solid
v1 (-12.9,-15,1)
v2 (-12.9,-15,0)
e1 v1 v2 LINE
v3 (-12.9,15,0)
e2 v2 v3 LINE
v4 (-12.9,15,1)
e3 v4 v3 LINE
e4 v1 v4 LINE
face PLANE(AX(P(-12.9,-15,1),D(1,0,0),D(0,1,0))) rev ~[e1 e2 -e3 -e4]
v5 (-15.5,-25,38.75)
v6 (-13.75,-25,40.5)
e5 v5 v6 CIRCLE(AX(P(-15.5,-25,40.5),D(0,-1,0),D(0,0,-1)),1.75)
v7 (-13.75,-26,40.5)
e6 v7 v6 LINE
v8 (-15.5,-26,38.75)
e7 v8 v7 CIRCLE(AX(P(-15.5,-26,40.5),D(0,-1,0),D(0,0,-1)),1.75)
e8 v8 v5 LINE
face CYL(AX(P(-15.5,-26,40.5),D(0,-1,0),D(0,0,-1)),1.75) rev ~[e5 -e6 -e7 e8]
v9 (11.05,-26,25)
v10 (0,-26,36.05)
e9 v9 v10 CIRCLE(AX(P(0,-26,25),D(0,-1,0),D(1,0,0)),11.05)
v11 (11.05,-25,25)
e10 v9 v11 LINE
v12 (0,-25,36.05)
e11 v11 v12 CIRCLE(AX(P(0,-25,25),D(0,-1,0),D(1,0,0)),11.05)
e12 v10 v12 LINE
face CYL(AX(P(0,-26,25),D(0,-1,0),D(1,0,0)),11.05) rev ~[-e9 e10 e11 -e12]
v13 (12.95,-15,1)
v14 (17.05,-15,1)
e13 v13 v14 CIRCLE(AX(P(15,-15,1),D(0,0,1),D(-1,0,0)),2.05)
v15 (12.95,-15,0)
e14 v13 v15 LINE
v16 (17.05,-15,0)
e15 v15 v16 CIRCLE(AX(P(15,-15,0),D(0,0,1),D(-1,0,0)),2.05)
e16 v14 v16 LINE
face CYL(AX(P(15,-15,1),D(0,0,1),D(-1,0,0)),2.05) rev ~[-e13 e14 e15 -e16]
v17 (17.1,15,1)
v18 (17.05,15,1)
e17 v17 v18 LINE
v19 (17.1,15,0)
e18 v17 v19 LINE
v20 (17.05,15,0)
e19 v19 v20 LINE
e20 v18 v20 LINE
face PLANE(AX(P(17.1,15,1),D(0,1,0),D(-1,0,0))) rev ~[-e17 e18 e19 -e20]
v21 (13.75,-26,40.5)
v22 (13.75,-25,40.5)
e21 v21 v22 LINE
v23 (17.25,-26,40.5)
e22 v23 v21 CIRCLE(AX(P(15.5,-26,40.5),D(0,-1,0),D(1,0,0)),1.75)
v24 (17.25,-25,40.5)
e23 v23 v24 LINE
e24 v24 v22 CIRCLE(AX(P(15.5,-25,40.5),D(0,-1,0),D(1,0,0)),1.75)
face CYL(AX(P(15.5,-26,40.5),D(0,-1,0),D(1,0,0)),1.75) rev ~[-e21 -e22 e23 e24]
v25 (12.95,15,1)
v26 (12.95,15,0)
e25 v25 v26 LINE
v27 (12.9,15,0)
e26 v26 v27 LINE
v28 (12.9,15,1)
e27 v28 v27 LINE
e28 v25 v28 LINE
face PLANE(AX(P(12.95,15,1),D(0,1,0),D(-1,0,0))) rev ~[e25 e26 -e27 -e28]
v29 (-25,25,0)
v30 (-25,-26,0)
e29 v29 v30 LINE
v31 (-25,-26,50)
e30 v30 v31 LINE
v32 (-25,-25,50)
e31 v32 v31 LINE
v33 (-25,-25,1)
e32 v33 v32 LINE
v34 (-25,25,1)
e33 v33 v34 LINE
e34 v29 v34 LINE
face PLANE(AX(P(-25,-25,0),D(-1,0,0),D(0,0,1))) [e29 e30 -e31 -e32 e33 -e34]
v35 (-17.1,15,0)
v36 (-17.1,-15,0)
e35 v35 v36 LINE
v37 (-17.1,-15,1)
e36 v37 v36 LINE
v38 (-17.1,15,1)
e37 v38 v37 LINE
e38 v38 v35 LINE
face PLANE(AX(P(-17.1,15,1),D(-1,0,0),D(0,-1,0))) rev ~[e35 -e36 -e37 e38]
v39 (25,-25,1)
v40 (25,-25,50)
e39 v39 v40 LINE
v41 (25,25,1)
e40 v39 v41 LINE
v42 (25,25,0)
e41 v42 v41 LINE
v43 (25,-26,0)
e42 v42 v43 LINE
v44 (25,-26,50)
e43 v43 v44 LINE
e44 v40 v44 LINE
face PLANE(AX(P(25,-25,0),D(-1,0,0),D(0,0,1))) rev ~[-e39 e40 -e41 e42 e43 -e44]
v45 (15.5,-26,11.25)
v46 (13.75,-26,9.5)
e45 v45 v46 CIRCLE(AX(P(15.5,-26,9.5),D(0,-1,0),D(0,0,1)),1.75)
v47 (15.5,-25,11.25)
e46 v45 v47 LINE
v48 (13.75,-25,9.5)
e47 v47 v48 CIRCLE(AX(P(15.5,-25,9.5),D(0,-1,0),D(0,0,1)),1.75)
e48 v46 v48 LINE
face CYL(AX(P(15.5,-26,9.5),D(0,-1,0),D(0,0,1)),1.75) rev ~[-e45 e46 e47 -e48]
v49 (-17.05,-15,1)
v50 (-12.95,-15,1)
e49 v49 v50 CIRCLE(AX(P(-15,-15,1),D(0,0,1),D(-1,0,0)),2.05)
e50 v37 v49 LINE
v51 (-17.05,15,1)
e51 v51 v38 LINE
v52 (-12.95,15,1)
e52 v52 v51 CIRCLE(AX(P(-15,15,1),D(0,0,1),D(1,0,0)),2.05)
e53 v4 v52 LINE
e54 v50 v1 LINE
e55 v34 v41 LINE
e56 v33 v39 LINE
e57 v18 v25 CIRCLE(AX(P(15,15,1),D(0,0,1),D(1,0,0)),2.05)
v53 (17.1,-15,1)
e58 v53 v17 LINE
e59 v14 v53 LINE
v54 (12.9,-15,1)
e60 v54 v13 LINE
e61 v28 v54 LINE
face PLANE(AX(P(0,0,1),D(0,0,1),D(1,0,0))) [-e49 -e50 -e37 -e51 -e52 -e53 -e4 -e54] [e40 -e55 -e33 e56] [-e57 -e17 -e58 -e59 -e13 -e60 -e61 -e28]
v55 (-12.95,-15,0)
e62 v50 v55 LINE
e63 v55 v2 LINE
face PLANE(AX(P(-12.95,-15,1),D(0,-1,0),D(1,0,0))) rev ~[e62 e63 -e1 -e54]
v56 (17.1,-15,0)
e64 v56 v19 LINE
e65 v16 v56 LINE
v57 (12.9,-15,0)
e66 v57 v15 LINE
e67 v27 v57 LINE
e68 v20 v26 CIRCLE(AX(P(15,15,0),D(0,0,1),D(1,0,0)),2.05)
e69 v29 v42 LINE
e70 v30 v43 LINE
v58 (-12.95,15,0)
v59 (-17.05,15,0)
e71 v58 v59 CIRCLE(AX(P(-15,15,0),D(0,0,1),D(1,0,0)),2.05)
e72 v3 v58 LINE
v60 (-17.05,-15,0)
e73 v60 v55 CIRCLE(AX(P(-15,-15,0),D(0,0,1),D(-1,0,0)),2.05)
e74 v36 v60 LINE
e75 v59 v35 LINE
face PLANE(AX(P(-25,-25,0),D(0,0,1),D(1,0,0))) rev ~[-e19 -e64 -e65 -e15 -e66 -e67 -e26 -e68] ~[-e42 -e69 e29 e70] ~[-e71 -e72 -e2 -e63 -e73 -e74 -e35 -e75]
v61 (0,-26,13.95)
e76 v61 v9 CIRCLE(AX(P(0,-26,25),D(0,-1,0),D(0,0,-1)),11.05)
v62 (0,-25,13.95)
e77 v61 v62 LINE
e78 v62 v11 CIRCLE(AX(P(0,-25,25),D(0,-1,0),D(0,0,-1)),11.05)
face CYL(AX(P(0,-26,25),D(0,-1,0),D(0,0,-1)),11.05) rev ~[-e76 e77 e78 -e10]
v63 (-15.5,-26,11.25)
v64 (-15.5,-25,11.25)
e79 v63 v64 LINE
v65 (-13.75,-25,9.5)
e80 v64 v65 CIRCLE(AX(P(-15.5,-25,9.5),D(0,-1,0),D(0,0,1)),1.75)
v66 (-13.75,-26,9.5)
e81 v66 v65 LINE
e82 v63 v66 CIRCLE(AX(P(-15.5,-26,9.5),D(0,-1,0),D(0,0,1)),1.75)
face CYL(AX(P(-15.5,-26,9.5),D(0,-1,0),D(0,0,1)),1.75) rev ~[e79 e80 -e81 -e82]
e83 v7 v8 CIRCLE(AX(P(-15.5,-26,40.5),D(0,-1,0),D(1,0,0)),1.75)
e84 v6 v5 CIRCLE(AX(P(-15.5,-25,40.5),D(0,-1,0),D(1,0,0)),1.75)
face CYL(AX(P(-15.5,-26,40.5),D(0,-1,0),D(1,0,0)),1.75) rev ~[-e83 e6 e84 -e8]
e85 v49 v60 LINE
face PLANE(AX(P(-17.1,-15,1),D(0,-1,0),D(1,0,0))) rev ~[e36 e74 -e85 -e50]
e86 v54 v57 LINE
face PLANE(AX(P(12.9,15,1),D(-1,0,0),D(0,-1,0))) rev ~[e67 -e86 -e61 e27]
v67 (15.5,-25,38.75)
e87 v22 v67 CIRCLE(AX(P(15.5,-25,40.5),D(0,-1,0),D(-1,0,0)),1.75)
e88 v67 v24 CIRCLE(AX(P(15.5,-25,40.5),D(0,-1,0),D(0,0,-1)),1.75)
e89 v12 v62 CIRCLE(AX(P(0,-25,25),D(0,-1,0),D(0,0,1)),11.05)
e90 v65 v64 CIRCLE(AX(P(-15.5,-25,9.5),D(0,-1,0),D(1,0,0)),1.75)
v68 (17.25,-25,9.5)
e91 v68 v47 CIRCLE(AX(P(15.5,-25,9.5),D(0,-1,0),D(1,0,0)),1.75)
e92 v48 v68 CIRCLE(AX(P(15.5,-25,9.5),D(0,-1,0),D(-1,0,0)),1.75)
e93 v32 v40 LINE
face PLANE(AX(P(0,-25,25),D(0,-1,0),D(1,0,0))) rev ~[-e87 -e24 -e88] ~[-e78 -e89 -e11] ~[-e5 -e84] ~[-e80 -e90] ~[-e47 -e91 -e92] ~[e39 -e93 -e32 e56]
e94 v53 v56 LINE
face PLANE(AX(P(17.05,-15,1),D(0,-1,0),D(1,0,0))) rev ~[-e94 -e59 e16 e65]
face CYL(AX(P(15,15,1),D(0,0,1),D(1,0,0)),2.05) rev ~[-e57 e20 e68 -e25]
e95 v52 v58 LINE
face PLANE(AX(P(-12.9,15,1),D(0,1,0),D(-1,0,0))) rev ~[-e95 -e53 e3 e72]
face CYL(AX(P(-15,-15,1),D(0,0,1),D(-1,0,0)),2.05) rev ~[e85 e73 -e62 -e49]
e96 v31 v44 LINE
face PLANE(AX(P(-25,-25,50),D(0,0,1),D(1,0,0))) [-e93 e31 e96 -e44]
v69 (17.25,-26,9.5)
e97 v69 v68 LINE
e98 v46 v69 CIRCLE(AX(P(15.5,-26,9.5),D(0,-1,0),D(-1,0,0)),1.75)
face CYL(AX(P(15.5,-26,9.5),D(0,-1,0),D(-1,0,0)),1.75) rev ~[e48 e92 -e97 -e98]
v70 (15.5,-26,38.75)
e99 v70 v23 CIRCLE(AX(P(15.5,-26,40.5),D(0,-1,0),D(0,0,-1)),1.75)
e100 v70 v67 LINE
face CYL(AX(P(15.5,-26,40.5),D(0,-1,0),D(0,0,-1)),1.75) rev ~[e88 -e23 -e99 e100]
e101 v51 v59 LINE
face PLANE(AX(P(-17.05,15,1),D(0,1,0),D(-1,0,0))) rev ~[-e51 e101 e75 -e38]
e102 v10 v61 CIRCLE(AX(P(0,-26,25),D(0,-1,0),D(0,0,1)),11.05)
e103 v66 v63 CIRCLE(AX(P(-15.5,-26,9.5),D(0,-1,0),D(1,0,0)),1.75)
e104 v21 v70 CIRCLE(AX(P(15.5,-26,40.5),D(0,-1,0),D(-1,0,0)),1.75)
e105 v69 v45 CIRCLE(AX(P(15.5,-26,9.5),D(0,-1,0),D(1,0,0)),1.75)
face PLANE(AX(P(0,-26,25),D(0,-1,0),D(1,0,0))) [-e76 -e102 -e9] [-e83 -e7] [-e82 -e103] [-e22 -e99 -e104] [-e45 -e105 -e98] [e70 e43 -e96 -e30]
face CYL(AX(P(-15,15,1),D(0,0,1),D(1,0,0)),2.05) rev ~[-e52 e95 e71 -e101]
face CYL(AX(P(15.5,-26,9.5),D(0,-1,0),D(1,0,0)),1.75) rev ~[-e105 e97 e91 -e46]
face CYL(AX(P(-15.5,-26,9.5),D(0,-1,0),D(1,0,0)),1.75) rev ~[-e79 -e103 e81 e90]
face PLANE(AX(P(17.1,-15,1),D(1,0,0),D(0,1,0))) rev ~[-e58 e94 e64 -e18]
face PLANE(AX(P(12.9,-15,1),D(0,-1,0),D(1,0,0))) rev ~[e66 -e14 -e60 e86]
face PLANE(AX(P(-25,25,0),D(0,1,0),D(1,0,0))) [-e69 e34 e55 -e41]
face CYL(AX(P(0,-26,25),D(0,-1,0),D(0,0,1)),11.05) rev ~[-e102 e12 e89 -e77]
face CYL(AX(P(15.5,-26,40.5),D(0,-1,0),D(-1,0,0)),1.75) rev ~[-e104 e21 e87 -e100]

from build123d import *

# Parameters (mm, degrees)
F0_W     = 50
F0_H     = 50
F1_DEPTH = 1
F2_W     = 50
F2_H     = 50
F3_DEPTH = 1
F5_DEPTH = 1
F7_DEPTH = 1


with BuildPart() as f1:
    # F0 (on Top) → F1 (new body)
    with BuildSketch(Plane.XY):
        Rectangle(F0_W, F0_H)
    extrude(amount=F1_DEPTH)

    # F2 (on face) → F3 (join)
    with BuildSketch(Plane.XZ.offset(25)):
        with Locations((0, 25)):
            Rectangle(F2_W, F2_H)
    extrude(amount=F3_DEPTH)

    # F4 (on face) → F5 (cut)
    with BuildSketch(Plane.XZ.offset(26)):
        with BuildLine():
            Line((15.5, 40.5), (13.75, 40.5))
            ThreePointArc((13.75, 40.5), (14.2625631329, 39.2625631329), (15.5, 38.75))
            Line((15.5, 38.75), (15.5, 40.5))
        make_face()
        with BuildLine():
            ThreePointArc((17.25, 40.5), (15.5, 42.25), (13.75, 40.5))
            Line((13.75, 40.5), (15.5, 40.5))
            Line((15.5, 40.5), (15.5, 38.75))
            ThreePointArc((15.5, 38.75), (16.7374368671, 39.2625631329), (17.25, 40.5))
        make_face()
        with BuildLine():
            ThreePointArc((-15.5, 38.75), (-14.2625631329, 39.2625631329), (-13.75, 40.5))
            Line((-13.75, 40.5), (-15.5, 40.5))
            Line((-15.5, 40.5), (-15.5, 38.75))
        make_face()
        with BuildLine():
            Line((-15.5, 40.5), (-13.75, 40.5))
            ThreePointArc((-13.75, 40.5), (-16.7374368671, 41.7374368671), (-15.5, 38.75))
            Line((-15.5, 38.75), (-15.5, 40.5))
        make_face()
        with BuildLine():
            Line((15.5, 9.5), (15.5, 11.25))
            ThreePointArc((15.5, 11.25), (14.2625631329, 10.7374368671), (13.75, 9.5))
            Line((13.75, 9.5), (15.5, 9.5))
        make_face()
        with BuildLine():
            ThreePointArc((17.25, 9.5), (16.7374368671, 10.7374368671), (15.5, 11.25))
            Line((15.5, 11.25), (15.5, 9.5))
            Line((15.5, 9.5), (13.75, 9.5))
            ThreePointArc((13.75, 9.5), (15.5, 7.75), (17.25, 9.5))
        make_face()
        with BuildLine():
            ThreePointArc((-13.75, 9.5), (-14.2625631329, 10.7374368671), (-15.5, 11.25))
            Line((-15.5, 11.25), (-15.5, 9.5))
            Line((-15.5, 9.5), (-13.75, 9.5))
        make_face()
        with BuildLine():
            Line((-15.5, 9.5), (-15.5, 11.25))
            ThreePointArc((-15.5, 11.25), (-16.7374368671, 8.2625631329), (-13.75, 9.5))
            Line((-13.75, 9.5), (-15.5, 9.5))
        make_face()
        with BuildLine():
            Line((0, 13.95), (0, 36.05))
            ThreePointArc((0, 36.05), (-11.05, 25), (0, 13.95))
        make_face()
        with BuildLine():
            ThreePointArc((11.05, 25), (7.8135299321, 32.8135299321), (0, 36.05))
            Line((0, 36.05), (0, 13.95))
            ThreePointArc((0, 13.95), (7.8135299321, 17.1864700679), (11.05, 25))
        make_face()
    extrude(amount=-F5_DEPTH, mode=Mode.SUBTRACT)

    # F6 (on face) → F7 (cut)
    with BuildSketch(Plane.XY.offset(1)):
        with BuildLine():
            Line((-15, 12.95), (-15, 15))
            Line((-15, 15), (-17.05, 15))
            ThreePointArc((-17.05, 15), (-16.4495689014, 13.5504310986), (-15, 12.95))
        make_face()
        with BuildLine():
            Line((-12.95, 15), (-15, 15))
            Line((-15, 15), (-15, 12.95))
            ThreePointArc((-15, 12.95), (-13.5504310986, 13.5504310986), (-12.95, 15))
        make_face()
        with BuildLine():
            Line((-15, -15), (-15, -12.95))
            ThreePointArc((-15, -12.95), (-16.4495689014, -13.5504310986), (-17.05, -15))
            Line((-17.05, -15), (-15, -15))
        make_face()
        with BuildLine():
            ThreePointArc((-12.95, -15), (-13.5504310986, -13.5504310986), (-15, -12.95))
            Line((-15, -12.95), (-15, -15))
            Line((-15, -15), (-12.95, -15))
        make_face()
        with BuildLine():
            Line((15, 15), (12.95, 15))
            ThreePointArc((12.95, 15), (13.5504310986, 13.5504310986), (15, 12.95))
            Line((15, 12.95), (15, 15))
        make_face()
        with BuildLine():
            Line((17.05, 15), (15, 15))
            Line((15, 15), (15, 12.95))
            ThreePointArc((15, 12.95), (16.4495689014, 13.5504310986), (17.05, 15))
        make_face()
        with BuildLine():
            ThreePointArc((15, -12.95), (13.5504310986, -13.5504310986), (12.95, -15))
            Line((12.95, -15), (15, -15))
            Line((15, -15), (15, -12.95))
        make_face()
        with BuildLine():
            ThreePointArc((17.05, -15), (16.4495689014, -13.5504310986), (15, -12.95))
            Line((15, -12.95), (15, -15))
            Line((15, -15), (17.05, -15))
        make_face()
        with BuildLine():
            ThreePointArc((17.05, 15), (15, 17.05), (12.95, 15))
            Line((12.95, 15), (15, 15))
            Line((15, 15), (17.05, 15))
        make_face()
        with BuildLine():
            Line((15, -15), (12.95, -15))
            ThreePointArc((12.95, -15), (15, -17.05), (17.05, -15))
            Line((17.05, -15), (15, -15))
        make_face()
        with BuildLine():
            Line((-17.05, 15), (-15, 15))
            Line((-15, 15), (-12.95, 15))
            ThreePointArc((-12.95, 15), (-15, 17.05), (-17.05, 15))
        make_face()
        with BuildLine():
            Line((-12.95, -15), (-15, -15))
            Line((-15, -15), (-17.05, -15))
            ThreePointArc((-17.05, -15), (-15, -17.05), (-12.95, -15))
        make_face()
        with BuildLine():
            Line((-15, -12.95), (-15, 12.95))
            ThreePointArc((-15, 12.95), (-16.4495689014, 13.5504310986), (-17.05, 15))
            Line((-17.05, 15), (-17.1, 15))
            Line((-17.1, 15), (-17.1, -15))
            Line((-17.1, -15), (-17.05, -15))
            ThreePointArc((-17.05, -15), (-16.4495689014, -13.5504310986), (-15, -12.95))
        make_face()
        with BuildLine():
            Line((17.1, 15), (17.05, 15))
            ThreePointArc((17.05, 15), (16.4495689014, 13.5504310986), (15, 12.95))
            Line((15, 12.95), (15, -12.95))
            ThreePointArc((15, -12.95), (16.4495689014, -13.5504310986), (17.05, -15))
            Line((17.05, -15), (17.1, -15))
            Line((17.1, -15), (17.1, 15))
        make_face()
        with BuildLine():
            Line((-12.9, 15), (-12.95, 15))
            ThreePointArc((-12.95, 15), (-13.5504310986, 13.5504310986), (-15, 12.95))
            Line((-15, 12.95), (-15, -12.95))
            ThreePointArc((-15, -12.95), (-13.5504310986, -13.5504310986), (-12.95, -15))
            Line((-12.95, -15), (-12.9, -15))
            Line((-12.9, -15), (-12.9, 15))
        make_face()
        with BuildLine():
            Line((12.95, 15), (12.9, 15))
            Line((12.9, 15), (12.9, -15))
            Line((12.9, -15), (12.95, -15))
            ThreePointArc((12.95, -15), (13.5504310986, -13.5504310986), (15, -12.95))
            Line((15, -12.95), (15, 12.95))
            ThreePointArc((15, 12.95), (13.5504310986, 13.5504310986), (12.95, 15))
        make_face()
    extrude(amount=-F7_DEPTH, mode=Mode.SUBTRACT)


solid = f1.part
